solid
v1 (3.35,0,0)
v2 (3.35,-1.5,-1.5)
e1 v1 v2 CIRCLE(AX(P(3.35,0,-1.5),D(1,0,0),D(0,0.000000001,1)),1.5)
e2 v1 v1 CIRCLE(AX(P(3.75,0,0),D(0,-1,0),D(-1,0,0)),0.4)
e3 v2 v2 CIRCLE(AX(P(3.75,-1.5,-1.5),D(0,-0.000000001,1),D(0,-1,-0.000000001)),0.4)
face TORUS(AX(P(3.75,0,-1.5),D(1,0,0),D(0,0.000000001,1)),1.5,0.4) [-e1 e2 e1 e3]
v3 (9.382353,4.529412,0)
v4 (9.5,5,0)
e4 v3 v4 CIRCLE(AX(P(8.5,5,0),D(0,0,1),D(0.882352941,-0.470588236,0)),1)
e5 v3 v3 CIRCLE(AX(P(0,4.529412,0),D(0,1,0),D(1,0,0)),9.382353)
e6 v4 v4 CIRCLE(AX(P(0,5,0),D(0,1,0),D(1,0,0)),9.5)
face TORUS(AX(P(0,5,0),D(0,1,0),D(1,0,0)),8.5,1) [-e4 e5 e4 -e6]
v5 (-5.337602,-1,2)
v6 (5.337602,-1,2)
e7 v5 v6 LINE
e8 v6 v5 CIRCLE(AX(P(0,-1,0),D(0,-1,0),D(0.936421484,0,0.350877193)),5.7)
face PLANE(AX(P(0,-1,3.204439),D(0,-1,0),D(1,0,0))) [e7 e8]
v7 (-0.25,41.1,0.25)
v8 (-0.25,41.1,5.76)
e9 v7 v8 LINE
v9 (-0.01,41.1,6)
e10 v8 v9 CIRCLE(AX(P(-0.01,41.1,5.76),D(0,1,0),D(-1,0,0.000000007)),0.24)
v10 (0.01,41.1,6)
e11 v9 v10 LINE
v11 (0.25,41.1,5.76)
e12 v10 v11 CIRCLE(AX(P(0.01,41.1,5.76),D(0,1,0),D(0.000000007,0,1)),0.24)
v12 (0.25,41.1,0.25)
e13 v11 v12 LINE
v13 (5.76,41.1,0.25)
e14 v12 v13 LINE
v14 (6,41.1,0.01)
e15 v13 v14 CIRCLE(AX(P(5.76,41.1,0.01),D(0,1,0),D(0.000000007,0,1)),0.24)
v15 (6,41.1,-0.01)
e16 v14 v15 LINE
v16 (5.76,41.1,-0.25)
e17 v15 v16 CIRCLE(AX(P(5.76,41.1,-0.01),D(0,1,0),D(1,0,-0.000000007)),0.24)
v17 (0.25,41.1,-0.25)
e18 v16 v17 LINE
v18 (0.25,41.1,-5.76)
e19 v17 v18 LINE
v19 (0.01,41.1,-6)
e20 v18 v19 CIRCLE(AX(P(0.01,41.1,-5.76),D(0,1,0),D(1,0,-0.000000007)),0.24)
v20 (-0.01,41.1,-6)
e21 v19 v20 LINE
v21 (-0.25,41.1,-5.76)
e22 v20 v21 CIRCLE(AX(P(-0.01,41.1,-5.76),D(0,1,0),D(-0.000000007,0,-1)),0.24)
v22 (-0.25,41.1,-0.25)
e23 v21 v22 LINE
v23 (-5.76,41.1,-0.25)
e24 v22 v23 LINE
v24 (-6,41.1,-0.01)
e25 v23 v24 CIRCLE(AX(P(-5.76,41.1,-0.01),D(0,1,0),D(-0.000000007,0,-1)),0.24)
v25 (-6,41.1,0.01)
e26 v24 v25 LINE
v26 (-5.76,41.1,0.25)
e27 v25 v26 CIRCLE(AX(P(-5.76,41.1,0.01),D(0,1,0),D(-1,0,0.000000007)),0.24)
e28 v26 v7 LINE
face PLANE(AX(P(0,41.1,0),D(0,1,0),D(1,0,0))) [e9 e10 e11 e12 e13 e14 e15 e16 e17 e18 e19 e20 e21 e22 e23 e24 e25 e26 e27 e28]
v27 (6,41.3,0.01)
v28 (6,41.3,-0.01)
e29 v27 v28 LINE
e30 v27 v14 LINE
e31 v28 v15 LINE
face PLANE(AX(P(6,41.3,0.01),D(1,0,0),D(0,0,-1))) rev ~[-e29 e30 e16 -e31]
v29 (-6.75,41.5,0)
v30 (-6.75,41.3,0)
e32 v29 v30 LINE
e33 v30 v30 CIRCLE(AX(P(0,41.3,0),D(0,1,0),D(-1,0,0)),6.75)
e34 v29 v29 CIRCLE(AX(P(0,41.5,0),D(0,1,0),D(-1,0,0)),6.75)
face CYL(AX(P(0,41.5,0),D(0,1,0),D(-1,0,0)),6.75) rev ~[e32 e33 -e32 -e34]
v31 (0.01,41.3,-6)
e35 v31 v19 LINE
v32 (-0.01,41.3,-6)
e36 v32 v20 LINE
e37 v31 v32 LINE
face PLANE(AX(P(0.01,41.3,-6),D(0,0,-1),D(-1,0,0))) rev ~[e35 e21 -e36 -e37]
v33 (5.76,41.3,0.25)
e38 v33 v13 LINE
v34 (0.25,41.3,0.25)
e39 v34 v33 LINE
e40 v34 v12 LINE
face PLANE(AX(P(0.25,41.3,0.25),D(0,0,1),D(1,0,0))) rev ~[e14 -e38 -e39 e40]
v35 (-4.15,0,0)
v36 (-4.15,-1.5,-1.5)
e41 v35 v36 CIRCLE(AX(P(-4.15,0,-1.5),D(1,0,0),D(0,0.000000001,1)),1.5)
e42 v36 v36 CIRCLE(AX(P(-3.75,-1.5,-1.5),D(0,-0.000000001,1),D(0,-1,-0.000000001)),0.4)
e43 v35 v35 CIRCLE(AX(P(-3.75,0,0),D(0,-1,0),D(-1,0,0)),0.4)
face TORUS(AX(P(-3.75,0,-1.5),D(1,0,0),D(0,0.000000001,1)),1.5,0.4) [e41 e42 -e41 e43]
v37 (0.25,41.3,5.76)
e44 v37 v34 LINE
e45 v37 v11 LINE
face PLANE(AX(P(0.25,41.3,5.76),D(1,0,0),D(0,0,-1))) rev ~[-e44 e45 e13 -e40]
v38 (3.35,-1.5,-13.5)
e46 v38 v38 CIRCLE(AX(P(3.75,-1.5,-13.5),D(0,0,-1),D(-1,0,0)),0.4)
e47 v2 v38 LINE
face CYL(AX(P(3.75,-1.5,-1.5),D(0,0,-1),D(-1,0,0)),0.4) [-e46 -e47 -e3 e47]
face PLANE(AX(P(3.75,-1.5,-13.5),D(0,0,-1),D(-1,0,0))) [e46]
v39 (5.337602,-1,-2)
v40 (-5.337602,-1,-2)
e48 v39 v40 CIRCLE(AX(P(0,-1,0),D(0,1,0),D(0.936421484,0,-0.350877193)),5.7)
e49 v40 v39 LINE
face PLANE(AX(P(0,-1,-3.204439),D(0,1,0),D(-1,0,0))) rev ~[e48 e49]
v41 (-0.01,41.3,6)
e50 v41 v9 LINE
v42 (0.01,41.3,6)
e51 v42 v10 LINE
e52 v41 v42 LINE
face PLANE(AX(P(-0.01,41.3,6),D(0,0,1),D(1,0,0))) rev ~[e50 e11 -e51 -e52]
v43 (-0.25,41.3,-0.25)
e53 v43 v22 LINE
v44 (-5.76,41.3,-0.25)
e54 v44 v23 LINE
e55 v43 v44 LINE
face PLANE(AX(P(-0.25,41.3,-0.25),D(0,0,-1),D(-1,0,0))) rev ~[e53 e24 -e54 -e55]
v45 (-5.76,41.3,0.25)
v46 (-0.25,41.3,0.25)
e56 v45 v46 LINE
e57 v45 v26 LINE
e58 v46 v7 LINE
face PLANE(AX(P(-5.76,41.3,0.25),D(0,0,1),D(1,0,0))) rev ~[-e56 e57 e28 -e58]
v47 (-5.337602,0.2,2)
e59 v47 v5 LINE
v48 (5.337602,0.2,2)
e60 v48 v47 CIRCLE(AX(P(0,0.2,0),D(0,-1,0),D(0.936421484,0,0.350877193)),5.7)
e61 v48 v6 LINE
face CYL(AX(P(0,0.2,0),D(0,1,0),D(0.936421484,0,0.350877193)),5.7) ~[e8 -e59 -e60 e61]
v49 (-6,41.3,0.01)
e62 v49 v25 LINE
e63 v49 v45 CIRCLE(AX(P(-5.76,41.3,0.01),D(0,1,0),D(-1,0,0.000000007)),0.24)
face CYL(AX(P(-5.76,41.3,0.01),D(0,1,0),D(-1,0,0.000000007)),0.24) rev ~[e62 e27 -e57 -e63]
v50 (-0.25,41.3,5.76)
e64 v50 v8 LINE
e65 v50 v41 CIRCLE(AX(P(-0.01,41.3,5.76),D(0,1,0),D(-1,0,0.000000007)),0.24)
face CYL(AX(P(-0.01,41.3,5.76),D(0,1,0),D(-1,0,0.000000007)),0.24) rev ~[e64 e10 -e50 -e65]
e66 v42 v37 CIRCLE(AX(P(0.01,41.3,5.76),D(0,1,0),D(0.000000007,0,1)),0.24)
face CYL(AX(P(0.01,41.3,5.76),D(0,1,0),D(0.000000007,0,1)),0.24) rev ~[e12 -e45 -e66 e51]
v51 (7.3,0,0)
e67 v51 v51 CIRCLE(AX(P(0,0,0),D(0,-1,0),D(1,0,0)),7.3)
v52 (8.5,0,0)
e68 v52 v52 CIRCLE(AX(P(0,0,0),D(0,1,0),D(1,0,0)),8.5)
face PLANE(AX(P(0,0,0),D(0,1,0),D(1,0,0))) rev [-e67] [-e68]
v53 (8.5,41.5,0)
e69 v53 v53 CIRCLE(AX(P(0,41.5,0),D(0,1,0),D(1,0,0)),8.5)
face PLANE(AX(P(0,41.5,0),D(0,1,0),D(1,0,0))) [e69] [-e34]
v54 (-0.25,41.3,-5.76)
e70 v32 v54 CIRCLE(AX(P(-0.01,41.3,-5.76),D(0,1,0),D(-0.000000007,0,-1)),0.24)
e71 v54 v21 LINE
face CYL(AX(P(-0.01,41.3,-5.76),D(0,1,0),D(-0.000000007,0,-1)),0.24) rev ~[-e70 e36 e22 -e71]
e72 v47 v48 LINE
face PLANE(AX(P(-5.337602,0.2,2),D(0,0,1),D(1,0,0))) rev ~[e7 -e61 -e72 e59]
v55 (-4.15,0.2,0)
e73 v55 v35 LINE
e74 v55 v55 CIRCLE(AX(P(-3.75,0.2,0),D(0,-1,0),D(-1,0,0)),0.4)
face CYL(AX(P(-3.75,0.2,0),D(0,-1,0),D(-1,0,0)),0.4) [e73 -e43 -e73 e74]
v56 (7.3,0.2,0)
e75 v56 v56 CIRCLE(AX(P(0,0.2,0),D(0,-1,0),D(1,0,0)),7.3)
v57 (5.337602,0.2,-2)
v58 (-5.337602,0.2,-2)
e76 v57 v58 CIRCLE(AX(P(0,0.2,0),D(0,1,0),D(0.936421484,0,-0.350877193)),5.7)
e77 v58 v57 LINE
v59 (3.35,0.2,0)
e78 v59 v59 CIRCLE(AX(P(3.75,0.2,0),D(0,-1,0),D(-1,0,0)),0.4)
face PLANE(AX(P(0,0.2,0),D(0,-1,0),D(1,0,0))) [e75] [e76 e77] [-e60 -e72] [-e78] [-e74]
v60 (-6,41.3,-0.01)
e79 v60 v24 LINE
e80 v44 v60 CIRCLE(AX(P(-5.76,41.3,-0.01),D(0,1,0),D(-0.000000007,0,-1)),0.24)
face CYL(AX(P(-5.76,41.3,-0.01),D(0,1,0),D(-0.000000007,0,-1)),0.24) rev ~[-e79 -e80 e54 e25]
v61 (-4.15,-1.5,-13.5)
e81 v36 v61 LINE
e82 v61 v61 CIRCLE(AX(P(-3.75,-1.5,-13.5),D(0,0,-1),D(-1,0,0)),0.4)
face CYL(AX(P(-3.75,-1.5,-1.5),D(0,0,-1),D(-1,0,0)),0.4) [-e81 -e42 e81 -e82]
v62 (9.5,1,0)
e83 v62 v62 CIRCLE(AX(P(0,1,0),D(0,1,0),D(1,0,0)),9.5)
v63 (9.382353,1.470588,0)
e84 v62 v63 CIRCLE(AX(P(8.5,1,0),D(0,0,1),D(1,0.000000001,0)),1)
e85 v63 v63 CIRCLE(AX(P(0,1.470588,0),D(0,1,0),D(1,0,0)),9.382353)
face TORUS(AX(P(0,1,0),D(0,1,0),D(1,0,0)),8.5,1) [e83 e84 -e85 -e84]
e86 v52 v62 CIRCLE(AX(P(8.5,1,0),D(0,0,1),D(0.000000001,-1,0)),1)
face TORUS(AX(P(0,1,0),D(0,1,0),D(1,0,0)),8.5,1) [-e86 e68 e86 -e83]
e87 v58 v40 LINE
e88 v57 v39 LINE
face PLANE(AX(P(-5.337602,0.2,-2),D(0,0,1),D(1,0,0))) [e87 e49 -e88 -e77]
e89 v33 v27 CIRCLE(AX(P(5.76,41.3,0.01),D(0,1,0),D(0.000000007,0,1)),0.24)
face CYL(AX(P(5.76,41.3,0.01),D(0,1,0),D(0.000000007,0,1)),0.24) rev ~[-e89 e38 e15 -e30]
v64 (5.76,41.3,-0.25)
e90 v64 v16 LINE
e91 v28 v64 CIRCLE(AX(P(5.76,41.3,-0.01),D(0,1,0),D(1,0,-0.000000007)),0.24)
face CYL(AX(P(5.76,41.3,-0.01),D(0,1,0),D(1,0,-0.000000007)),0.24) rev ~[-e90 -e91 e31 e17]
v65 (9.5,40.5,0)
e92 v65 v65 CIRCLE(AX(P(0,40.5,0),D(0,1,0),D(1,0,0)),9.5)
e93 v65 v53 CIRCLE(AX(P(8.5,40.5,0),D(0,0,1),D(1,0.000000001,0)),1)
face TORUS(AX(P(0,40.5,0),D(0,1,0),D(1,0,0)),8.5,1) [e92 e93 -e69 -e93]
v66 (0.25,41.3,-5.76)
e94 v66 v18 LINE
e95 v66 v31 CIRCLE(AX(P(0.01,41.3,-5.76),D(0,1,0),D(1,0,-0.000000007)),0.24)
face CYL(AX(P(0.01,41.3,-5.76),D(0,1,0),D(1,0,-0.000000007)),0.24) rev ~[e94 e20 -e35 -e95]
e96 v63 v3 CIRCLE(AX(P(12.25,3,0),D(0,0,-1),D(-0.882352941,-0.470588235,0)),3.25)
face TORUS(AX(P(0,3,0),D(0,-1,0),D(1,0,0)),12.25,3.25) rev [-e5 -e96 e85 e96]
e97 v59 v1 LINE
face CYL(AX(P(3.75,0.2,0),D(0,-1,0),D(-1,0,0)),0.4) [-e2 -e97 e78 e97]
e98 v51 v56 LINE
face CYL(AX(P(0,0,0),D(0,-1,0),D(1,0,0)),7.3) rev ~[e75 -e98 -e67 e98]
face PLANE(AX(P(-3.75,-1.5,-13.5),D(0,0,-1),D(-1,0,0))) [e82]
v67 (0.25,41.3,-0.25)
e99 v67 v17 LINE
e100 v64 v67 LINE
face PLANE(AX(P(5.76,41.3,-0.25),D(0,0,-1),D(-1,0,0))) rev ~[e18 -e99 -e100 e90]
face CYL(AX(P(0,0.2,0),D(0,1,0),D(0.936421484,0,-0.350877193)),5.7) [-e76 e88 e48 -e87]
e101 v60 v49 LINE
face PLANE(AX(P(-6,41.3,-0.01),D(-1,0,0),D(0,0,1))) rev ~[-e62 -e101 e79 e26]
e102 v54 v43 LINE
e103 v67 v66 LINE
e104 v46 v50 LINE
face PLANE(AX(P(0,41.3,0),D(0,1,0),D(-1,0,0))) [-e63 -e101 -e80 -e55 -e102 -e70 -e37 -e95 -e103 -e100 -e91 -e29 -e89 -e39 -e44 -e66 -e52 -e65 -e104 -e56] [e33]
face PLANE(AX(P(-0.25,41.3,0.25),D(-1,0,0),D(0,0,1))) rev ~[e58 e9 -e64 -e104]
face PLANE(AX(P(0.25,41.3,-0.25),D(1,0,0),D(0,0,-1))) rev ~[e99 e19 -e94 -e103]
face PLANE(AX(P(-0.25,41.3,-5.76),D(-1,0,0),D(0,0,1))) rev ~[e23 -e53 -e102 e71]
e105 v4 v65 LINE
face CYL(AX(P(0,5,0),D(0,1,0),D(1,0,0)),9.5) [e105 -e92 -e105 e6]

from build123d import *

# Parameters (mm, degrees)
SKETCH_3_R             = 6.75
CUT_EXTRUDE_1_DEPTH    = 0.2
CUT_EXTRUDE_2_DEPTH    = 0.2
SKETCH_5_R             = 7.3
CUT_EXTRUDE_3_DEPTH    = 0.2
EXTRUDE_1_DEPTH        = 1.2
SKETCH_11_R            = 0.4
PATTERN_LINEAR_1_COUNT = 2
PATTERN_LINEAR_1_PITCH = 7.5


with BuildPart() as part:
    # Эскиз2 → Повернуть1 (revolve)
    with BuildSketch(Plane.XY):
        with BuildLine():
            Line((0, 0), (8.5, 0))
            ThreePointArc((8.5, 0), (9.207106781, 0.292893219), (9.5, 1))
            ThreePointArc((9.5, 1), (9.4701425, 1.242535625), (9.382352941, 1.470588235))
            ThreePointArc((9.382352941, 1.470588235), (9, 3), (9.382352941, 4.529411765))
            ThreePointArc((9.382352941, 4.529411765), (9.4701425, 4.757464375), (9.5, 5))
            Line((9.5, 5), (9.5, 40.5))
            ThreePointArc((9.5, 40.5), (9.207106781, 41.207106781), (8.5, 41.5))
            Line((8.5, 41.5), (0, 41.5))
            Line((0, 41.5), (0, 0))
        make_face()
    revolve(axis=Axis((0, 0, 0), (0, 1, 0)))

    # Эскиз3 → Вырез-Вытянуть1 (cut)
    with BuildSketch(Plane(origin=(0, 41.5, 0), x_dir=(1, 0, 0), z_dir=(0, 1, 0))):
        with Locations(Location((0, 0, 0), (0, 0, 180))):
            Circle(SKETCH_3_R)
    extrude(amount=-CUT_EXTRUDE_1_DEPTH, mode=Mode.SUBTRACT)

    # Эскиз4 → Вырез-Вытянуть2 (cut)
    with BuildSketch(Plane(origin=(0, 41.3, 0), x_dir=(1, 0, 0), z_dir=(0, 1, 0))):
        with BuildLine():
            Line((-0.25, -0.25), (-0.25, -5.76))
            ThreePointArc((-0.25, -5.76), (-0.179705627, -5.929705627), (-0.01, -6))
            Line((-0.01, -6), (0.01, -6))
            ThreePointArc((0.01, -6), (0.179705627, -5.929705627), (0.25, -5.76))
            Line((0.25, -5.76), (0.25, -0.25))
            Line((0.25, -0.25), (5.76, -0.25))
            ThreePointArc((5.76, -0.25), (5.929705627, -0.179705627), (6, -0.01))
            Line((6, -0.01), (6, 0.01))
            ThreePointArc((6, 0.01), (5.929705627, 0.179705627), (5.76, 0.25))
            Line((5.76, 0.25), (0.25, 0.25))
            Line((0.25, 0.25), (0.25, 5.76))
            ThreePointArc((0.25, 5.76), (0.179705627, 5.929705627), (0.01, 6))
            Line((0.01, 6), (-0.01, 6))
            ThreePointArc((-0.01, 6), (-0.179705627, 5.929705627), (-0.25, 5.76))
            Line((-0.25, 5.76), (-0.25, 0.25))
            Line((-0.25, 0.25), (-5.76, 0.25))
            ThreePointArc((-5.76, 0.25), (-5.929705627, 0.179705627), (-6, 0.01))
            Line((-6, 0.01), (-6, -0.01))
            ThreePointArc((-6, -0.01), (-5.929705627, -0.179705627), (-5.76, -0.25))
            Line((-5.76, -0.25), (-0.25, -0.25))
        make_face()
    extrude(amount=-CUT_EXTRUDE_2_DEPTH, mode=Mode.SUBTRACT)

    # Эскиз5 → Вырез-Вытянуть3 (cut)
    with BuildSketch(Plane.XZ):
        Circle(SKETCH_5_R)
    extrude(amount=-CUT_EXTRUDE_3_DEPTH, mode=Mode.SUBTRACT)

    # Эскиз6 → Бобышка-Вытянуть1 (add)
    with BuildSketch(Plane.XZ.offset(-0.2)):
        with BuildLine():
            Line((-5.337602458, 2), (5.337602458, 2))
            ThreePointArc((5.337602458, 2), (0, 5.7), (-5.337602458, 2))
        make_face()
        with BuildLine():
            Line((-5.337602458, -2), (5.337602458, -2))
            ThreePointArc((5.337602458, -2), (0, -5.7), (-5.337602458, -2))
        make_face()
    extrude(amount=EXTRUDE_1_DEPTH)

    # По траектории3: sweep along a path in Эскиз10
    with BuildLine(Plane(origin=(-3.75, 0, 0), x_dir=(0, 0, -1), z_dir=(1, 0, 0))) as sweep_3_path:
        Line((0, 0.2), (0, 0))
        ThreePointArc((0, 0), (0.439339828, -1.060660172), (1.5, -1.5))
        Line((1.5, -1.5), (13.5, -1.5))
    # Эскиз11 → По траектории3 (sweep)
    with BuildSketch(Plane(origin=(-3.75, -1.5, -13.5), x_dir=(-1, 0, 0), z_dir=(0, 0, -1))):
        Circle(SKETCH_11_R)
    sweep_3 = sweep(path=sweep_3_path.line)

    # Линейный массив1: По траектории3 ×2
    with Locations(*[(i * PATTERN_LINEAR_1_PITCH, 0, 0) for i in range(1, PATTERN_LINEAR_1_COUNT)]):
        add(sweep_3)


solid = part.part
